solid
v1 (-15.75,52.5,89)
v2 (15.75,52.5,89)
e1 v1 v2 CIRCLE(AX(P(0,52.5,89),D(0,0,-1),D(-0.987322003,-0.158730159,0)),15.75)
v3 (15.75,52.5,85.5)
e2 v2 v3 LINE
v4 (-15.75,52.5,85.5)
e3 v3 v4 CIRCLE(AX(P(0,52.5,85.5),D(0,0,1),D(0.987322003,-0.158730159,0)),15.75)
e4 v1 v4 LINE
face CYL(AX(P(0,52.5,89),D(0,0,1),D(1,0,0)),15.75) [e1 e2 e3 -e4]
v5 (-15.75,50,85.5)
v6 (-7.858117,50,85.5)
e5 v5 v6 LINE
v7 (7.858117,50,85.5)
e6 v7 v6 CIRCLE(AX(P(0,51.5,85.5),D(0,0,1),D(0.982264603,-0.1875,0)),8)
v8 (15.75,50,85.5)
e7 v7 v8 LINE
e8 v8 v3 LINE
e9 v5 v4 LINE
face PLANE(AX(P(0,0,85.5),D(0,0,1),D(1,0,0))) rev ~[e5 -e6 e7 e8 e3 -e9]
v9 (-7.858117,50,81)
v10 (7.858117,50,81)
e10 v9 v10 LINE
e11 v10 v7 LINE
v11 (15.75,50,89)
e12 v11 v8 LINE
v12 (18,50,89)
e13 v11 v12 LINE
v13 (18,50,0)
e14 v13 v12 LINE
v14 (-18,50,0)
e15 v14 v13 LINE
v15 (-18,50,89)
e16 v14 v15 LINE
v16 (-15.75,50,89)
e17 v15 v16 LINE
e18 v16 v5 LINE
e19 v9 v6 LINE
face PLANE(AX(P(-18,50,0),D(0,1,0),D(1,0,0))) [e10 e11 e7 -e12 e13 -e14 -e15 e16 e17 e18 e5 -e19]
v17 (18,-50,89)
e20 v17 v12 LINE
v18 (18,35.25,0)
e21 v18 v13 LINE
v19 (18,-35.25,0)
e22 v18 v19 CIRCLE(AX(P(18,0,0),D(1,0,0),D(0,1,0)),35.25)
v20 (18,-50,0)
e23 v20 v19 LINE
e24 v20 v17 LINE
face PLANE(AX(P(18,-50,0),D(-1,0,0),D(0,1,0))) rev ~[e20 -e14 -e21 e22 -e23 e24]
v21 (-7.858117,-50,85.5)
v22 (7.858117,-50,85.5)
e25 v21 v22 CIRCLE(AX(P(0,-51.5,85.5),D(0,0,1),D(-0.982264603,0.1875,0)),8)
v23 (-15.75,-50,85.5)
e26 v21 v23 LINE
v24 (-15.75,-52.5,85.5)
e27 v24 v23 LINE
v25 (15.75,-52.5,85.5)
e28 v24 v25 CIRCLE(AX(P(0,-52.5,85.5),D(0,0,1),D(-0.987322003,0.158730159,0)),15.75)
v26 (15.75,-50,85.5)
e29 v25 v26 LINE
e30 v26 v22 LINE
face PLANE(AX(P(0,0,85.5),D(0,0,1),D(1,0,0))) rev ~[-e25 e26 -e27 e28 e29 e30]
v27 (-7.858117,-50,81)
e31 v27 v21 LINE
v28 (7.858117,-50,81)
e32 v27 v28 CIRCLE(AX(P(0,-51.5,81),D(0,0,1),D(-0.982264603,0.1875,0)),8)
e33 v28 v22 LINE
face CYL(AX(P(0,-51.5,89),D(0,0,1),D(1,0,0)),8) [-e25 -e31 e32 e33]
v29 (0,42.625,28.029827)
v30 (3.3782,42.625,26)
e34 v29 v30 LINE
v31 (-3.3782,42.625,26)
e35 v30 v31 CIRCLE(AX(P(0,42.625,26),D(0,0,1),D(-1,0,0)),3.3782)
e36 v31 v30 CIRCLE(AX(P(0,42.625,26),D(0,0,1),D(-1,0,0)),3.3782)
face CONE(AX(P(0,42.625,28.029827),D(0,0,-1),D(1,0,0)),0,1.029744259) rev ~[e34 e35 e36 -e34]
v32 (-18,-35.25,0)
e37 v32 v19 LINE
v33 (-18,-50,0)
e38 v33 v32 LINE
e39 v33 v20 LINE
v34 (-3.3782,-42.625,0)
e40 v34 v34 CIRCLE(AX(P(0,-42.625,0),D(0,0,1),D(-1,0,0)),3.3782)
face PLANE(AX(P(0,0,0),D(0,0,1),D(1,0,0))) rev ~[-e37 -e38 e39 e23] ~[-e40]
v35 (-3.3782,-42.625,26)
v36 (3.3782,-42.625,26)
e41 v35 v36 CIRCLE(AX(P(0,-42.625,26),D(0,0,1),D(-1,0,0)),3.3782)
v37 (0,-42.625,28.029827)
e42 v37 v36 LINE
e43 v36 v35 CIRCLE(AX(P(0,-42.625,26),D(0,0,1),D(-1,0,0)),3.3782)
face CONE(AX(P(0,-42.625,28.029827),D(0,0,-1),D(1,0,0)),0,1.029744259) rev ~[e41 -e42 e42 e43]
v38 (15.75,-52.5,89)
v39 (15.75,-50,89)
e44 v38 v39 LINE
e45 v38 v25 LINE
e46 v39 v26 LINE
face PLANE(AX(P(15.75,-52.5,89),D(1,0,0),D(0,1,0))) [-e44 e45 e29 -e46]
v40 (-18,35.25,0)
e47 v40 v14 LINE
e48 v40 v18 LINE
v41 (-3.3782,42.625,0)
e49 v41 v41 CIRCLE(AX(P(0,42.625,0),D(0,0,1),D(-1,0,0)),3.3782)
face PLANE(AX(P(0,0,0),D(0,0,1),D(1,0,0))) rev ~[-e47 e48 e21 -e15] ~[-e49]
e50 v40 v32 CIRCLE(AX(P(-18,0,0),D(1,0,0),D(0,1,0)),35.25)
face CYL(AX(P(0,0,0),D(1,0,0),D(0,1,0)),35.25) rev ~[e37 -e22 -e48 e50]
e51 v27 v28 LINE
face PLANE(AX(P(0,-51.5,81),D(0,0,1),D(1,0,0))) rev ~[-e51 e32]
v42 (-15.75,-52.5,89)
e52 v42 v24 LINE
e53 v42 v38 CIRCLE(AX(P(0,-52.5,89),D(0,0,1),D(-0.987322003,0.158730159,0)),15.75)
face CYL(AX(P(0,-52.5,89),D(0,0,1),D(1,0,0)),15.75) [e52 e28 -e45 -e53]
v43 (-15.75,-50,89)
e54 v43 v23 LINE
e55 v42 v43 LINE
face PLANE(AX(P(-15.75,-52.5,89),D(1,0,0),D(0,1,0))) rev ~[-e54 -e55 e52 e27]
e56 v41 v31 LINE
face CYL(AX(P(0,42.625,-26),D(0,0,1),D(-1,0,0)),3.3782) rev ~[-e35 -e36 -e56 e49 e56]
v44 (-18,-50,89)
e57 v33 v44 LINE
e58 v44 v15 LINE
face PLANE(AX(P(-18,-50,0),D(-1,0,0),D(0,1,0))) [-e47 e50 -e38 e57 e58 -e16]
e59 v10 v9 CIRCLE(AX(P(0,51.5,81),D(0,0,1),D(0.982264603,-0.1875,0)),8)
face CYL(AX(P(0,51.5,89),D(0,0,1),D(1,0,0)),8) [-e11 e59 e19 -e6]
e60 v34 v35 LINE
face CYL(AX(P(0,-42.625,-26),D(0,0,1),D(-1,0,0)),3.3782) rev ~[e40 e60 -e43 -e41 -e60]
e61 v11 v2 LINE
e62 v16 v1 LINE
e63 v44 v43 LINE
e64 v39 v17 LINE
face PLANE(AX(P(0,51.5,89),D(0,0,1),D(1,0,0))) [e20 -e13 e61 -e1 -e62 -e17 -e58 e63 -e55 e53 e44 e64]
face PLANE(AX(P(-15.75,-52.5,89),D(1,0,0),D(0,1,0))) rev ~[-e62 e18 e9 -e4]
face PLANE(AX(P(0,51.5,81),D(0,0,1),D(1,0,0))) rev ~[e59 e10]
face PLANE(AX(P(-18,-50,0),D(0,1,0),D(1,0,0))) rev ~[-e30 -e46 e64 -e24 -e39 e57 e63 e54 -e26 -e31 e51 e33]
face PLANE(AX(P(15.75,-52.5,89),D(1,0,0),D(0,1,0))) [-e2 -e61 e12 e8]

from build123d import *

# Parameters (mm, degrees)
F0_W      = 36
F0_H      = 100
F1_DEPTH  = 89
F2_R      = 10.25
F3_DEPTH  = 25
F4_R      = 35.25
F5_DEPTH  = 27.5
F6_R      = 15.75
F7_DEPTH  = 3.5
F8_W      = 31.5
F8_H      = 105
F9_DEPTH  = 3.5
F10_R     = 8
F11_DEPTH = 8
F13_D     = 6.7564
F13_DEPTH = 26
F13_TIP   = 2.0298273432
F15_D     = 6.7564
F15_DEPTH = 26
F15_TIP   = 2.0298273432


with BuildPart() as f1:
    # F0 (on Top) → F1 (new body)
    with BuildSketch(Plane.XY):
        Rectangle(F0_W, F0_H)
    extrude(amount=F1_DEPTH)

    # F2 (on Front) → F3 (cut, symmetric)
    with BuildSketch(Plane.XZ):
        Circle(F2_R)
    extrude(amount=F3_DEPTH, both=True, mode=Mode.SUBTRACT)

    # F4 (on Right) → F5 (cut, symmetric)
    with BuildSketch(Plane.YZ):
        Circle(F4_R)
    extrude(amount=F5_DEPTH, both=True, mode=Mode.SUBTRACT)

    # F6 (on face) → F7 (join)
    with BuildSketch(Plane.XY.offset(89)):
        with Locations((0, 52.5)):
            Circle(F6_R)
        with Locations((0, -52.5)):
            Circle(F6_R)
    extrude(amount=-F7_DEPTH)

    # F8 (on face) → F9 (join)
    with BuildSketch(Plane.XY.offset(89)):
        Rectangle(F8_W, F8_H)
    extrude(amount=-F9_DEPTH)

    # F10 (on face) → F11 (join)
    with BuildSketch(Plane.XY.offset(89)):
        with Locations((0, 51.5)):
            Circle(F10_R)
        with Locations((0, -51.5)):
            Circle(F10_R)
    extrude(amount=-F11_DEPTH)

    # F13
    with Locations(Plane(origin=(0, 0, 0), x_dir=(1, 0, 0), z_dir=(0, 0, -1))):
        with Locations((0, 42.625)):
            Hole(F13_D / 2, depth=F13_DEPTH)
            with Locations((0, 0, -(F13_DEPTH + F13_TIP / 2))):  # 118° drill point
                Cone(0, F13_D / 2, F13_TIP, mode=Mode.SUBTRACT)

    # F15
    with Locations(Plane(origin=(0, 0, 0), x_dir=(1, 0, 0), z_dir=(0, 0, -1))):
        with Locations((0, -42.625)):
            Hole(F15_D / 2, depth=F15_DEPTH)
            with Locations((0, 0, -(F15_DEPTH + F15_TIP / 2))):  # 118° drill point
                Cone(0, F15_D / 2, F15_TIP, mode=Mode.SUBTRACT)


solid = f1.part
